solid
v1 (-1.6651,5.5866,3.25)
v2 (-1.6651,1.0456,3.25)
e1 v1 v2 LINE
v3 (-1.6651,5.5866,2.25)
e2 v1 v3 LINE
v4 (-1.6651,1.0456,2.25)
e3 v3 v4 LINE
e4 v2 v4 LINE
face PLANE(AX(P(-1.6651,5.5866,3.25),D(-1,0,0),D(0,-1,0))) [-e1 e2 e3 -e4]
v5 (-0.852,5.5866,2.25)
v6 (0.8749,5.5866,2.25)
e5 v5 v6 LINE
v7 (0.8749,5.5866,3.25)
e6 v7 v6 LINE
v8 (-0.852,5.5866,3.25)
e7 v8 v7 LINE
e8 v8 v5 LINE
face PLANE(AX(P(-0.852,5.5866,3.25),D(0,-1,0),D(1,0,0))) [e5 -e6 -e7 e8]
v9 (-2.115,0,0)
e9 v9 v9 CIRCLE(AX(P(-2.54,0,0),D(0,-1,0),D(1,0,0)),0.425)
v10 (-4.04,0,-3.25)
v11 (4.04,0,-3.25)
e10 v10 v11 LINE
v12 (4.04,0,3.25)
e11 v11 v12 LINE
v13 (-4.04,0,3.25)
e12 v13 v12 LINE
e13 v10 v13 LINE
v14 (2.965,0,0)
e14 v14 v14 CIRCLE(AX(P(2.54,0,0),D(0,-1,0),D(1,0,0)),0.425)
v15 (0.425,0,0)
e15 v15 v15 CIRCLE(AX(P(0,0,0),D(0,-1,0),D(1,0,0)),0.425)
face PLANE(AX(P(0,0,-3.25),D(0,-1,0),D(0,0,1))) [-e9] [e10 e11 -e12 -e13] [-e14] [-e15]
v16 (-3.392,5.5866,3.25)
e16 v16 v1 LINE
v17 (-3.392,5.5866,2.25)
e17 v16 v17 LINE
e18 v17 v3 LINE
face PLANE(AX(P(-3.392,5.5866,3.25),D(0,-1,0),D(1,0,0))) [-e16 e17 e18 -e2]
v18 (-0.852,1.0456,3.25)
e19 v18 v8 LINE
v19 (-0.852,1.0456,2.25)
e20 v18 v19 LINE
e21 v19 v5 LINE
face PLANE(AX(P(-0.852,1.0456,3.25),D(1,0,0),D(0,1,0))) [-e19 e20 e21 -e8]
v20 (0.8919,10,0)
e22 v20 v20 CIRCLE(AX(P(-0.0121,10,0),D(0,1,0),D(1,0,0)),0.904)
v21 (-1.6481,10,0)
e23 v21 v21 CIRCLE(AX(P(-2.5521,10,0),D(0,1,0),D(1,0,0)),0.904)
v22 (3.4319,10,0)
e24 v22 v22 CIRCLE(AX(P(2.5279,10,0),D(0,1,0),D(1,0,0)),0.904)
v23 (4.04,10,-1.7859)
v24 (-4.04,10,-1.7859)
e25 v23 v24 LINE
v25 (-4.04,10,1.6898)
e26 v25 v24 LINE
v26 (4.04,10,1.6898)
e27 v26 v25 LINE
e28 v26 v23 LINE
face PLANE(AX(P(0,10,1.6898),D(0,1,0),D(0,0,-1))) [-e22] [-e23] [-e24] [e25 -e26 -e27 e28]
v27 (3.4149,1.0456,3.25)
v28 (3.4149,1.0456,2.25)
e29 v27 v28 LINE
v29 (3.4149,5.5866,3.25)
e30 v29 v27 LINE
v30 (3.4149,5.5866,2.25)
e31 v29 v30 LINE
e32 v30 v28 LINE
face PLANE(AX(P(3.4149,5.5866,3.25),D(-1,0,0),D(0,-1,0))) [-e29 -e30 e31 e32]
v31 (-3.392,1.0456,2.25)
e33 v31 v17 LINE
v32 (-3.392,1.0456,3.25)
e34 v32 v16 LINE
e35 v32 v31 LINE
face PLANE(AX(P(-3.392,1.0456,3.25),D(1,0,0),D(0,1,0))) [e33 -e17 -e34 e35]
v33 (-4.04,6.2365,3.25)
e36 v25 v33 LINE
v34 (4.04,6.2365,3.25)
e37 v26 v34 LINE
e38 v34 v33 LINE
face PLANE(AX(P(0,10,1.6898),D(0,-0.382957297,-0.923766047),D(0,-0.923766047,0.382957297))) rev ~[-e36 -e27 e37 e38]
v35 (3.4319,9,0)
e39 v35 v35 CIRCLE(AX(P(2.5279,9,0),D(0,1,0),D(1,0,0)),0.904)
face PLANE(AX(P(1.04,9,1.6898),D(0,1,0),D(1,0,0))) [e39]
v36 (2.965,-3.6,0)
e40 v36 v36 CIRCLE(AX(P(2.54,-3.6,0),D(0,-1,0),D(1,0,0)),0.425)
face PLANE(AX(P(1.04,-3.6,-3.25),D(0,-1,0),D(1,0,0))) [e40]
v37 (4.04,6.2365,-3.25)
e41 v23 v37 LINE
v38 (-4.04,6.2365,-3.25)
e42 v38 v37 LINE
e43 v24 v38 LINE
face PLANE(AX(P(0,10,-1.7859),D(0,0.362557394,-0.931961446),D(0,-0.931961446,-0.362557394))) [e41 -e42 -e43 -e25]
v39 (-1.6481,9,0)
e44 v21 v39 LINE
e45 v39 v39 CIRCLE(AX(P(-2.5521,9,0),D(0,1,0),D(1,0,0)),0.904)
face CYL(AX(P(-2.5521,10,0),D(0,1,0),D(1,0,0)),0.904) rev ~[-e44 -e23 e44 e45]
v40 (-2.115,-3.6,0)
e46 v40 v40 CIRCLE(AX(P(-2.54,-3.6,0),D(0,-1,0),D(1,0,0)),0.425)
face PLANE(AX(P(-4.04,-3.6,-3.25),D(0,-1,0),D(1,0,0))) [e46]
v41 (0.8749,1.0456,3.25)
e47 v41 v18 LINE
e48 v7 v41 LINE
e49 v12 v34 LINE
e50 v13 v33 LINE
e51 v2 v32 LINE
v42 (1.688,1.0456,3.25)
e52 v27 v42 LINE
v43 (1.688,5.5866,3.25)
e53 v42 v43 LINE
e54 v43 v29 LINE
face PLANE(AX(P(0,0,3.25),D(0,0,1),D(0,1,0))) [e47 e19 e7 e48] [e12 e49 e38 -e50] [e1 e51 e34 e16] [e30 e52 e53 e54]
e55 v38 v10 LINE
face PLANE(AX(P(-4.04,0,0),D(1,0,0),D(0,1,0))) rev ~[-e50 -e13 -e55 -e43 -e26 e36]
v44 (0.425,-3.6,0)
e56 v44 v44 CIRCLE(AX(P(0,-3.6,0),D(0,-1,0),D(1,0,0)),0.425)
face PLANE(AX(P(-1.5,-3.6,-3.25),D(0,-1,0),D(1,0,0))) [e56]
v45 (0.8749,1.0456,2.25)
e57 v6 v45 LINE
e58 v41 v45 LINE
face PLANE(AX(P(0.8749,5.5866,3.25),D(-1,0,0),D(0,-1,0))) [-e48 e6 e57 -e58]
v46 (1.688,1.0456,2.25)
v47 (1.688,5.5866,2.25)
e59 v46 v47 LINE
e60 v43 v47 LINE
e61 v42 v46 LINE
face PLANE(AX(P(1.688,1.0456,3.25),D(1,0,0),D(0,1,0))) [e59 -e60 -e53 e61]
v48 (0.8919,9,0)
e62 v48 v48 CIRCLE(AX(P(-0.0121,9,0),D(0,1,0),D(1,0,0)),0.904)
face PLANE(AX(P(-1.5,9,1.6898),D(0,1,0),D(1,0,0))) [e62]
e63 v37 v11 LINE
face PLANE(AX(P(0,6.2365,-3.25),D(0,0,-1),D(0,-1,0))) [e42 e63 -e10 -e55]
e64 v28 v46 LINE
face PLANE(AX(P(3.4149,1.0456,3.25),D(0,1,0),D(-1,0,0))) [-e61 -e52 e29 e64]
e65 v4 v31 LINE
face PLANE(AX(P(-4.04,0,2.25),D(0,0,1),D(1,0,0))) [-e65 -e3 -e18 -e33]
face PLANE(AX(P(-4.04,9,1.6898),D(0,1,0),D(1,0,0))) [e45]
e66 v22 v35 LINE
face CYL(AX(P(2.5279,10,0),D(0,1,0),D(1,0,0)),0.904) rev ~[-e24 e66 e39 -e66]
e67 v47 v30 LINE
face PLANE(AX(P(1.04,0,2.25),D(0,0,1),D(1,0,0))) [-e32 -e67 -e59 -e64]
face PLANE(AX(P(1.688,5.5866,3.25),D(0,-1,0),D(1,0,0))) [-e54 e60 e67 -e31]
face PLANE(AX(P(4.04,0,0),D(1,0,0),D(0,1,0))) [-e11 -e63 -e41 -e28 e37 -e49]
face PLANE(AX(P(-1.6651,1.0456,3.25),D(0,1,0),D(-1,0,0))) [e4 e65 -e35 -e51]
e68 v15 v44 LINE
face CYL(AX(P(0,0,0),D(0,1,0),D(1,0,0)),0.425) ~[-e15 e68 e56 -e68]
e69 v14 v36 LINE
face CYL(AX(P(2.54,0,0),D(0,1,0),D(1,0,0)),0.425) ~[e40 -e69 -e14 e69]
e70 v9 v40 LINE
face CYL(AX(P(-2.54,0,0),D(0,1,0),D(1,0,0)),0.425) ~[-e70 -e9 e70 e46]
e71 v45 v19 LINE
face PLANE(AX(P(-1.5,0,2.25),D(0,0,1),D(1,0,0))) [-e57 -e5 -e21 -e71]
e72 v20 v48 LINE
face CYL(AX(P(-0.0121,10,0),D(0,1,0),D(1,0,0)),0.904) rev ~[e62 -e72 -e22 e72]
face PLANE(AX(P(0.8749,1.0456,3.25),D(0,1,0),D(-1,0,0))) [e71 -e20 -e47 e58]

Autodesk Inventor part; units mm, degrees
ref_plane "YZ Plane" through (0, 0, 0) normal (1, 0, 0) x (0, 1, 0)
ref_plane "XZ Plane" through (0, 0, 0) normal (0, 1, 0) x (-1, 0, 0)
ref_plane "XY Plane" through (0, 0, 0) normal (0, 0, 1) x (1, 0, 0)
sketch "Sketch1" plane through (0, 0, 0) normal (1, 0, 0) x (0, 1, 0)
  line L0 (0, 3.25) -> (10, 3.25)
  line L1 (10, 3.25) -> (10, -3.25)
  line L2 (10, -3.25) -> (0, -3.25)
  line L3 (0, -3.25) -> (0, 3.25)
  line L4 (10, 1.6898) -> (6.2365, 3.25)
  line L5 (10, -1.7859) -> (6.2365, -3.25)
  point P0 (0, 0)
  dimension "d0" = 10
  dimension "d1" = 6.5
  dimension "d2" = 3.25
  dimension "d3" = 0
extrude "Extrusion1" add sketch "Sketch1" along normal mid plane 8.08 contours L0 L4 L1 L5 L2 L3
sketch "Sketch2" plane through (-4.04, 0, -3.25) normal (0, -1, 0) x (1, 0, 0)
  circle A0 centre (1.5, 3.25) radius 0.425
  line L0 (0, 0) -> (0, 6.5) projected
  point P0 (4.04, 3.25)
  dimension "d7" = 0.85
  dimension "d12" = 1.5
extrude "Extrusion2" add sketch "Sketch2" along normal blind 3.6
sketch "Sketch3" plane through (-4.04, 10, 1.6898) normal (0, 1, 0) x (1, 0, 0)
  circle A0 centre (1.4879, 1.6898) radius 0.904
  point P0 (4.04, 1.6898)
extrude "Extrusion3" cut sketch "Sketch3" against normal blind 1
sketch "Sketch4" plane through (-4.04, 0, 3.25) normal (0, 0, 1) x (1, 0, 0)
  line L0 (0.648, 5.5866) -> (2.3749, 5.5866)
  line L1 (2.3749, 5.5866) -> (2.3749, 1.0456)
  line L2 (2.3749, 1.0456) -> (0.648, 1.0456)
  line L3 (0.648, 1.0456) -> (0.648, 5.5866)
  point P0 (4.04, 0)
extrude "Extrusion4" cut sketch "Sketch4" against normal blind 1
pattern_linear "Rectangular Pattern1" count 3 spacing 2.54 along (1, 0, 0) of "Extrusion4", "Extrusion3", "Extrusion2"
properties part number "Screw_Terminal_3Pos"
